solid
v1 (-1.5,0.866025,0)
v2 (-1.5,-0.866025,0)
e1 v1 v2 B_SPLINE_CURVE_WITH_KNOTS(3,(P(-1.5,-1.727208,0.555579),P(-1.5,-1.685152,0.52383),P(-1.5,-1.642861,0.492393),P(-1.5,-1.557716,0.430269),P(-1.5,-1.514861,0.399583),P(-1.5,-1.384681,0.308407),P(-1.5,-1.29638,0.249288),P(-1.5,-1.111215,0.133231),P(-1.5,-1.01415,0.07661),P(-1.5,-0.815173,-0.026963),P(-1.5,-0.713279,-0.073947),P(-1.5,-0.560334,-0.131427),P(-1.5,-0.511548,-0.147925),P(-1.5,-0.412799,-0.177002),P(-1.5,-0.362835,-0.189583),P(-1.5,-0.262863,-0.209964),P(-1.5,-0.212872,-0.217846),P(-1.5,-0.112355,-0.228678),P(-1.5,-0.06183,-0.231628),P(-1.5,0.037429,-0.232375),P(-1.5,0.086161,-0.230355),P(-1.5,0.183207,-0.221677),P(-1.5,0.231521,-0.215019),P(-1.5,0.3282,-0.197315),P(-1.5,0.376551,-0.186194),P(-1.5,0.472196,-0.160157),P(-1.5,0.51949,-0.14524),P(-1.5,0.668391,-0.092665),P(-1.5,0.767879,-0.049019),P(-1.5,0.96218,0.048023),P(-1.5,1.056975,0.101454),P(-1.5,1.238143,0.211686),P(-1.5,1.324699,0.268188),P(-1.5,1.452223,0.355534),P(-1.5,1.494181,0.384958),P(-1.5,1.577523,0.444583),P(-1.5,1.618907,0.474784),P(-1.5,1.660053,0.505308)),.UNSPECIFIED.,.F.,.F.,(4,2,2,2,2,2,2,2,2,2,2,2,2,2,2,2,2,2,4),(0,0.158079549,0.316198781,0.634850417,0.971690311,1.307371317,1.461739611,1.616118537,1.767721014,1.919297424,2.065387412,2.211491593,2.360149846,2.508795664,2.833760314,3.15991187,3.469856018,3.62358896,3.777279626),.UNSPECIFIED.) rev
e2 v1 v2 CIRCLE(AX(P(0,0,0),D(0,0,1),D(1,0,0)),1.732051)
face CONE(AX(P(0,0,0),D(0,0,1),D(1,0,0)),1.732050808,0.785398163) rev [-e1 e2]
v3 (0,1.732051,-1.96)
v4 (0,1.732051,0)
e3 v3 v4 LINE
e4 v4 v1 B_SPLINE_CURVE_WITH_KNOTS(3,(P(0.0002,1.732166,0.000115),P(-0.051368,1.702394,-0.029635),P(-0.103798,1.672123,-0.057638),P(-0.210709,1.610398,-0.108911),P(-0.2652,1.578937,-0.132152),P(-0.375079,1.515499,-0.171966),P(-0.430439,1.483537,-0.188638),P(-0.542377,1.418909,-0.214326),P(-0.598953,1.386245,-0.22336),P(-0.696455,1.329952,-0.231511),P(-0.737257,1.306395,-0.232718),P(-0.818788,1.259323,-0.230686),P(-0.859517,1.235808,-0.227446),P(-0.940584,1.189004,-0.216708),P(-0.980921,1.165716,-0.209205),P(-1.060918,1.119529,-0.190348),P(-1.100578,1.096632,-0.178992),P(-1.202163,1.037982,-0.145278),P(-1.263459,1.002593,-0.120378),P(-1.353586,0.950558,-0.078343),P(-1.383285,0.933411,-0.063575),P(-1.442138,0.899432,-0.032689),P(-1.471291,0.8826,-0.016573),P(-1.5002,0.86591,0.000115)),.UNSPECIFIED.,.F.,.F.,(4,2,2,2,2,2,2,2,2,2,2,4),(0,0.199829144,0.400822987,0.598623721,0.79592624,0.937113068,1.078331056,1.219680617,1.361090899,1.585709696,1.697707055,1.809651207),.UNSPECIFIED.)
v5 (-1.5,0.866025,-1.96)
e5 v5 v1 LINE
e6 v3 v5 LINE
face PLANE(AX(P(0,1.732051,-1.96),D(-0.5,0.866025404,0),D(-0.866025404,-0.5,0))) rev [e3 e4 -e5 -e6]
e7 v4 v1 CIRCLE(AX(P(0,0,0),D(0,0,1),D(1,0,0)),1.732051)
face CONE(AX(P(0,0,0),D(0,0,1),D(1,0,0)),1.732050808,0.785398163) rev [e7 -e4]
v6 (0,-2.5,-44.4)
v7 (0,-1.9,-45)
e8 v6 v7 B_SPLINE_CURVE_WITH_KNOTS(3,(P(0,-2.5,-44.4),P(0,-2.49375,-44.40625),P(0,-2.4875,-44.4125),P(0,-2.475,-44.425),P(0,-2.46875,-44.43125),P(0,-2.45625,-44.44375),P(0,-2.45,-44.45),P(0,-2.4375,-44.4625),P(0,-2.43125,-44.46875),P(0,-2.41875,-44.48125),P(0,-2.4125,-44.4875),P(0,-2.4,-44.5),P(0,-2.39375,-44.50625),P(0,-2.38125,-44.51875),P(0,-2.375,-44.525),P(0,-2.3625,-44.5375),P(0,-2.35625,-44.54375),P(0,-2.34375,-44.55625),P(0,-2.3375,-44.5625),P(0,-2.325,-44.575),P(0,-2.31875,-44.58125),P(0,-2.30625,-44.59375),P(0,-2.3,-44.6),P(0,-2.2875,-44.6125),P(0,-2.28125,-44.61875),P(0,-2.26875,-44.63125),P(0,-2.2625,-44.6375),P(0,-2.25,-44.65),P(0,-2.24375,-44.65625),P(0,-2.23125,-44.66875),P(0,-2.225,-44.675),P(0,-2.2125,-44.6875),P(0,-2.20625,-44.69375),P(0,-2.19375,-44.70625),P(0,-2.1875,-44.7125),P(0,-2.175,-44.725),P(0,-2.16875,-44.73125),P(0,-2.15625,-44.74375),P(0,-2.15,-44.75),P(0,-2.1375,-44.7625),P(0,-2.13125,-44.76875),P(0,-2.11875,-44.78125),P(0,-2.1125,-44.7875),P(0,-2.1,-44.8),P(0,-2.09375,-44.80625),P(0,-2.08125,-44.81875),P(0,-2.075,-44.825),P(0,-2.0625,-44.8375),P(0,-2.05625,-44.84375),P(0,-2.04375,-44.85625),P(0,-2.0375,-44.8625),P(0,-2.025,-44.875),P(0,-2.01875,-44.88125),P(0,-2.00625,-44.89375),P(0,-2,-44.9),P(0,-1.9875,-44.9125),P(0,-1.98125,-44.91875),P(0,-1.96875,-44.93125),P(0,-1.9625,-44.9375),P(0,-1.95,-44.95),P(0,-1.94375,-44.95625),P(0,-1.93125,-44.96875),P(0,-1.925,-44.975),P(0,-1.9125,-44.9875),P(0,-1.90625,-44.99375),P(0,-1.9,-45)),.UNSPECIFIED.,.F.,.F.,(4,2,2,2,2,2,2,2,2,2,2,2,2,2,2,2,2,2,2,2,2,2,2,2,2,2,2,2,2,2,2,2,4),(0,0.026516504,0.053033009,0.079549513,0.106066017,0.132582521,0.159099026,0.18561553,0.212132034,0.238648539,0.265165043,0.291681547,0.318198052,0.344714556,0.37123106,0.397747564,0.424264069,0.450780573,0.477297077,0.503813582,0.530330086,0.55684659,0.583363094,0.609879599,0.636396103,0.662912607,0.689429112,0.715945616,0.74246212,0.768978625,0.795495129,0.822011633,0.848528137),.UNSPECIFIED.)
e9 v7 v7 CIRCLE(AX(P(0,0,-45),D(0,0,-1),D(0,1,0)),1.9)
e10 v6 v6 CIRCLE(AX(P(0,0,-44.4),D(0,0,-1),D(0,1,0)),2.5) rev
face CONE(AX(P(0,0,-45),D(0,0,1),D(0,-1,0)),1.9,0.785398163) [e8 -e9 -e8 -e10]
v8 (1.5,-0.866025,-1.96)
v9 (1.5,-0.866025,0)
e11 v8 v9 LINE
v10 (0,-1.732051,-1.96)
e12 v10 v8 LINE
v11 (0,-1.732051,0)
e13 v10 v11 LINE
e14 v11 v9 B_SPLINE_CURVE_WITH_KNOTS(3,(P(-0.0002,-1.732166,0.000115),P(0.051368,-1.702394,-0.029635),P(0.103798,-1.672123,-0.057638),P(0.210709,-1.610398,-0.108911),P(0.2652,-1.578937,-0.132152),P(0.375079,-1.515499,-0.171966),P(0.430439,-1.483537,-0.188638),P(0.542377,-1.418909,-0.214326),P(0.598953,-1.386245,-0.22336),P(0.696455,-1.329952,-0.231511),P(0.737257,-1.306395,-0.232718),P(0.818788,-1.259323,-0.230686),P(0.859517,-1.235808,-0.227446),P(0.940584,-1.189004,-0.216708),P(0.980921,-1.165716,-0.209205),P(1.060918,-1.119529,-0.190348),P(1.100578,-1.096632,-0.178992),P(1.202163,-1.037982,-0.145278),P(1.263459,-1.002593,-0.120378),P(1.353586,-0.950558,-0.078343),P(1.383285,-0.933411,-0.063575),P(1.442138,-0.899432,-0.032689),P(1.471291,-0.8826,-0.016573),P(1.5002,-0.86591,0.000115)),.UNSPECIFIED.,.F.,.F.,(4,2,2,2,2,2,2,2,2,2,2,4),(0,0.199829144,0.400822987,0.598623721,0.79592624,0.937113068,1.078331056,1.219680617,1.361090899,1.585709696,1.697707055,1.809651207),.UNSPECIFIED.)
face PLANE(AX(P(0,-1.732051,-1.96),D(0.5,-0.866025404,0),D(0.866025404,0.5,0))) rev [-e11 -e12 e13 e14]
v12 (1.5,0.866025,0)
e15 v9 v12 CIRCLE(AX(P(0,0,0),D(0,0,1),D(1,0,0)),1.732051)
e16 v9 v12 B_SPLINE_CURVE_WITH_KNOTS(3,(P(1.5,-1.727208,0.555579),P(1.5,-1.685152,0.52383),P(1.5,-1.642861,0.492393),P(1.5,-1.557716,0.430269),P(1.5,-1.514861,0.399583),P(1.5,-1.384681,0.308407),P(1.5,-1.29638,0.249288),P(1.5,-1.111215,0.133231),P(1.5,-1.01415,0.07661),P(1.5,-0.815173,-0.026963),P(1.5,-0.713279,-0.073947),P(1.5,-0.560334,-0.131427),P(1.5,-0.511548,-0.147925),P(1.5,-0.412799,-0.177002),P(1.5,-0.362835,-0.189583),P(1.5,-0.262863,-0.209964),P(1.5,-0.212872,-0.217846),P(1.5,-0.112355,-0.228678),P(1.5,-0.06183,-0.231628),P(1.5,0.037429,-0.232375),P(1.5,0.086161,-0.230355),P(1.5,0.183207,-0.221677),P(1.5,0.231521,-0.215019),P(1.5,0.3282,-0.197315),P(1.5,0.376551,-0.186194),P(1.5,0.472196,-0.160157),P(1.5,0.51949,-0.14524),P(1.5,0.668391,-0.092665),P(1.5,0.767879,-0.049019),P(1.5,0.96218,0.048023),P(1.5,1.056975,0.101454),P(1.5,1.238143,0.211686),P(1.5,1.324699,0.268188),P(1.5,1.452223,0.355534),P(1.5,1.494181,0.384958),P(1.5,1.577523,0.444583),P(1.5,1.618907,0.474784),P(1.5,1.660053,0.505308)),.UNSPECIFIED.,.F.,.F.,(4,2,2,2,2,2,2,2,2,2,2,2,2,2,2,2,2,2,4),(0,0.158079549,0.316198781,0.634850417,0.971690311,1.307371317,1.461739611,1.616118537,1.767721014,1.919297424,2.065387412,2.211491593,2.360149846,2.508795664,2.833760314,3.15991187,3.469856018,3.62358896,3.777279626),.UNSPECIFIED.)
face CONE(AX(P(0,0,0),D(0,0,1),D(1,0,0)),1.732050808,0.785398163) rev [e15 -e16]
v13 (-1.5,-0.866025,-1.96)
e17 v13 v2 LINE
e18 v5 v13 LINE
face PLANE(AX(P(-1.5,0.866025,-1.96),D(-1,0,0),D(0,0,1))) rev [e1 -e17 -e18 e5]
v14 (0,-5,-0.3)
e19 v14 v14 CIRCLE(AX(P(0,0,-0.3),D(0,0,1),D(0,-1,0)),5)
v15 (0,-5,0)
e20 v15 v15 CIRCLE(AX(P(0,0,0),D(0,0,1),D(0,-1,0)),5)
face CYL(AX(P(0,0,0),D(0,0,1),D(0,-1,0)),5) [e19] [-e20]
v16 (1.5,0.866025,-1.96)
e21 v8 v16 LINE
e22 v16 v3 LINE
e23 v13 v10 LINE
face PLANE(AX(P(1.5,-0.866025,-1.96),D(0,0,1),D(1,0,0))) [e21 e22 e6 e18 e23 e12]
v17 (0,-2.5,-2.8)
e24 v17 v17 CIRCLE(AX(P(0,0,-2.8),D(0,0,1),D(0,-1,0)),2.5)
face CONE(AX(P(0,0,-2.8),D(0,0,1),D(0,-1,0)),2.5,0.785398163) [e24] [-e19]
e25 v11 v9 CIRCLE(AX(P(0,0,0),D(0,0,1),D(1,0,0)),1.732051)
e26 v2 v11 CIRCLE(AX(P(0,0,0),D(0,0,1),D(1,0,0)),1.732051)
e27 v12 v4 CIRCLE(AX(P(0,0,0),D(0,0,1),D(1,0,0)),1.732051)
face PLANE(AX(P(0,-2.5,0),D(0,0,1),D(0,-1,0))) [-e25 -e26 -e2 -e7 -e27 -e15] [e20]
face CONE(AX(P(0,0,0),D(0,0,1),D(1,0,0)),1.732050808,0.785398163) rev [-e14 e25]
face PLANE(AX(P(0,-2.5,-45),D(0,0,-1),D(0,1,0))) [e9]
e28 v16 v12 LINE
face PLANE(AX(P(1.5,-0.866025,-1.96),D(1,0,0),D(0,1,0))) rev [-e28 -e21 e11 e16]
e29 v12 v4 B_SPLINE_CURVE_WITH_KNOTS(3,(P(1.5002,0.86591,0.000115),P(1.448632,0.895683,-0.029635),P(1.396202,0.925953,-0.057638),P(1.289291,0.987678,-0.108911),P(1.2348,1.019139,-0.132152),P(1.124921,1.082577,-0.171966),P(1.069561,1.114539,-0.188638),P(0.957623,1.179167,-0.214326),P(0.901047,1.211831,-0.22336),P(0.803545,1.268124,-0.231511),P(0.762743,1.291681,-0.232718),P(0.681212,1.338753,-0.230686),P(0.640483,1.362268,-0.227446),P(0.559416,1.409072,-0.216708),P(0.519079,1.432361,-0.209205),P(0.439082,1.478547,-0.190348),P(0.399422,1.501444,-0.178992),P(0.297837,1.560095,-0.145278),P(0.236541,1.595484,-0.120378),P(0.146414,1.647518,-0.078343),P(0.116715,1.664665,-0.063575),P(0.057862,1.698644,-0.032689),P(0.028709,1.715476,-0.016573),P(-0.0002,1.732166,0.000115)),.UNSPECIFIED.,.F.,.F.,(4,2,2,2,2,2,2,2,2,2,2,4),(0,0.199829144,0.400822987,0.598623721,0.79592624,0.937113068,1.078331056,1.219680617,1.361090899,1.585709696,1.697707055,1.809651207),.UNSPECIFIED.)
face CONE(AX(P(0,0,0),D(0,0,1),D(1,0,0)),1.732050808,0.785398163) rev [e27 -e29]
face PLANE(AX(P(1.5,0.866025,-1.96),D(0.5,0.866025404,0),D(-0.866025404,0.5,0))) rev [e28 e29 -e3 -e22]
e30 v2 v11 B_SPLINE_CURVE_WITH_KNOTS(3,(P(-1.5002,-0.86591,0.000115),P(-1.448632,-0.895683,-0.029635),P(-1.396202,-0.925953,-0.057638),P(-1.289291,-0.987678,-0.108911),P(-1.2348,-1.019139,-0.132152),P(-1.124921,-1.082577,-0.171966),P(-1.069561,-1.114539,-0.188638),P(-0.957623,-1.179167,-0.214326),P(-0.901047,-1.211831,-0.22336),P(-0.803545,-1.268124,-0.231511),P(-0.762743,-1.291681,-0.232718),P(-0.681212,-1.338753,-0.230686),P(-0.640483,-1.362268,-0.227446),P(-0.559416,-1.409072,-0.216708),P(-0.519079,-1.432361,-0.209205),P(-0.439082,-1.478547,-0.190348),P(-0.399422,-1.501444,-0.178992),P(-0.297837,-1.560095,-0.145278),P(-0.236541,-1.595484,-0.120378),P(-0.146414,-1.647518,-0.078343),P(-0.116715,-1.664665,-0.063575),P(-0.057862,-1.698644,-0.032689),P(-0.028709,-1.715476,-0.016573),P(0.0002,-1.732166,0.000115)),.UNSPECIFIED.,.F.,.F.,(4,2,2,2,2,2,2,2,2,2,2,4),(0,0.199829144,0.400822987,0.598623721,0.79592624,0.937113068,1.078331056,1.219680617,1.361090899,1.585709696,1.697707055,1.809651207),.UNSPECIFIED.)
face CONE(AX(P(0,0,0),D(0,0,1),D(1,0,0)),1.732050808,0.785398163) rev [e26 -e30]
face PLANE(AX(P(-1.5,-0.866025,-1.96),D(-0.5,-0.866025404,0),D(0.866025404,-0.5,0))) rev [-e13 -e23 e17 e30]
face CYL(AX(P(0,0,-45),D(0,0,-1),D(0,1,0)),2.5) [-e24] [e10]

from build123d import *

# Parameters (mm, degrees)
SKETCH1_W          = 45
SKETCH1_H          = 2.5
CHAMFER1_SIZE      = 0.6
CUT_EXTRUDE2_DEPTH = 1.96


with BuildPart() as part:
    # Sketch1 → Revolve1 (revolve)
    with BuildSketch(Plane(origin=(0, 0, 0), x_dir=(0, 0, -1), z_dir=(1, 0, 0))):
        with Locations((22.5, 1.25)):
            Rectangle(SKETCH1_W, SKETCH1_H)
    revolve(axis=Axis((0, 0, -45), (0, 0, 1)))

    # Chamfer1
    chamfer1_edges = [part.edges().sort_by_distance(p)[0] for p in [
        (0, -2.5, -45),
    ]]
    chamfer(chamfer1_edges, length=CHAMFER1_SIZE)

    # Sketch7 → Revolve2 (revolve)
    with BuildSketch(Plane(origin=(0, 0, 0), x_dir=(0, 0, -1), z_dir=(1, 0, 0)), mode=Mode.PRIVATE) as revolve2_sk:
        Polygon((0, 5), (0.3, 5), (2.8, 2.5), (2.8, 0), (0, 0), align=None)
    revolve(revolve2_sk.sketch.rotate(Axis((0, 0, 0), (0, 0, -1)), 180), axis=Axis((0, 0, 0), (0, 0, -1)))

    # Boss-Extrude1 cone 1 section (through the dimple's axis) → Boss-Extrude1 (revolve)
    with BuildSketch(Plane(origin=(0, 0, -2.8), x_dir=(0, -1, 0), z_dir=(1, 0, 0))):
        Polygon((0, 0), (2.5, 0), (0, 2.5), align=None)
    revolve(axis=Axis((0, 0, -2.8), (0, 0, -1)))

    # Sketch5 → Cut-Extrude2 (cut)
    with BuildSketch(Plane.XY):
        Polygon((1.5, -0.866025404), (1.5, 0.866025404), (0, 1.732050808), (-1.5, 0.866025404), (-1.5, -0.866025404), (0, -1.732050808), align=None)
    extrude(amount=-CUT_EXTRUDE2_DEPTH, mode=Mode.SUBTRACT)

    # Cut-Extrude3 cone 1 section (through the dimple's axis) → Cut-Extrude3 (revolve, cut)
    with BuildSketch(Plane(origin=(0, 0, 0), x_dir=(0, -1, 0), z_dir=(1, 0, 0))):
        Polygon((0, 0), (1.732050808, 0), (0, 1.732050808), align=None)
    revolve(axis=Axis((0, 0, 0), (0, 0, -1)), mode=Mode.SUBTRACT)


solid = part.part
